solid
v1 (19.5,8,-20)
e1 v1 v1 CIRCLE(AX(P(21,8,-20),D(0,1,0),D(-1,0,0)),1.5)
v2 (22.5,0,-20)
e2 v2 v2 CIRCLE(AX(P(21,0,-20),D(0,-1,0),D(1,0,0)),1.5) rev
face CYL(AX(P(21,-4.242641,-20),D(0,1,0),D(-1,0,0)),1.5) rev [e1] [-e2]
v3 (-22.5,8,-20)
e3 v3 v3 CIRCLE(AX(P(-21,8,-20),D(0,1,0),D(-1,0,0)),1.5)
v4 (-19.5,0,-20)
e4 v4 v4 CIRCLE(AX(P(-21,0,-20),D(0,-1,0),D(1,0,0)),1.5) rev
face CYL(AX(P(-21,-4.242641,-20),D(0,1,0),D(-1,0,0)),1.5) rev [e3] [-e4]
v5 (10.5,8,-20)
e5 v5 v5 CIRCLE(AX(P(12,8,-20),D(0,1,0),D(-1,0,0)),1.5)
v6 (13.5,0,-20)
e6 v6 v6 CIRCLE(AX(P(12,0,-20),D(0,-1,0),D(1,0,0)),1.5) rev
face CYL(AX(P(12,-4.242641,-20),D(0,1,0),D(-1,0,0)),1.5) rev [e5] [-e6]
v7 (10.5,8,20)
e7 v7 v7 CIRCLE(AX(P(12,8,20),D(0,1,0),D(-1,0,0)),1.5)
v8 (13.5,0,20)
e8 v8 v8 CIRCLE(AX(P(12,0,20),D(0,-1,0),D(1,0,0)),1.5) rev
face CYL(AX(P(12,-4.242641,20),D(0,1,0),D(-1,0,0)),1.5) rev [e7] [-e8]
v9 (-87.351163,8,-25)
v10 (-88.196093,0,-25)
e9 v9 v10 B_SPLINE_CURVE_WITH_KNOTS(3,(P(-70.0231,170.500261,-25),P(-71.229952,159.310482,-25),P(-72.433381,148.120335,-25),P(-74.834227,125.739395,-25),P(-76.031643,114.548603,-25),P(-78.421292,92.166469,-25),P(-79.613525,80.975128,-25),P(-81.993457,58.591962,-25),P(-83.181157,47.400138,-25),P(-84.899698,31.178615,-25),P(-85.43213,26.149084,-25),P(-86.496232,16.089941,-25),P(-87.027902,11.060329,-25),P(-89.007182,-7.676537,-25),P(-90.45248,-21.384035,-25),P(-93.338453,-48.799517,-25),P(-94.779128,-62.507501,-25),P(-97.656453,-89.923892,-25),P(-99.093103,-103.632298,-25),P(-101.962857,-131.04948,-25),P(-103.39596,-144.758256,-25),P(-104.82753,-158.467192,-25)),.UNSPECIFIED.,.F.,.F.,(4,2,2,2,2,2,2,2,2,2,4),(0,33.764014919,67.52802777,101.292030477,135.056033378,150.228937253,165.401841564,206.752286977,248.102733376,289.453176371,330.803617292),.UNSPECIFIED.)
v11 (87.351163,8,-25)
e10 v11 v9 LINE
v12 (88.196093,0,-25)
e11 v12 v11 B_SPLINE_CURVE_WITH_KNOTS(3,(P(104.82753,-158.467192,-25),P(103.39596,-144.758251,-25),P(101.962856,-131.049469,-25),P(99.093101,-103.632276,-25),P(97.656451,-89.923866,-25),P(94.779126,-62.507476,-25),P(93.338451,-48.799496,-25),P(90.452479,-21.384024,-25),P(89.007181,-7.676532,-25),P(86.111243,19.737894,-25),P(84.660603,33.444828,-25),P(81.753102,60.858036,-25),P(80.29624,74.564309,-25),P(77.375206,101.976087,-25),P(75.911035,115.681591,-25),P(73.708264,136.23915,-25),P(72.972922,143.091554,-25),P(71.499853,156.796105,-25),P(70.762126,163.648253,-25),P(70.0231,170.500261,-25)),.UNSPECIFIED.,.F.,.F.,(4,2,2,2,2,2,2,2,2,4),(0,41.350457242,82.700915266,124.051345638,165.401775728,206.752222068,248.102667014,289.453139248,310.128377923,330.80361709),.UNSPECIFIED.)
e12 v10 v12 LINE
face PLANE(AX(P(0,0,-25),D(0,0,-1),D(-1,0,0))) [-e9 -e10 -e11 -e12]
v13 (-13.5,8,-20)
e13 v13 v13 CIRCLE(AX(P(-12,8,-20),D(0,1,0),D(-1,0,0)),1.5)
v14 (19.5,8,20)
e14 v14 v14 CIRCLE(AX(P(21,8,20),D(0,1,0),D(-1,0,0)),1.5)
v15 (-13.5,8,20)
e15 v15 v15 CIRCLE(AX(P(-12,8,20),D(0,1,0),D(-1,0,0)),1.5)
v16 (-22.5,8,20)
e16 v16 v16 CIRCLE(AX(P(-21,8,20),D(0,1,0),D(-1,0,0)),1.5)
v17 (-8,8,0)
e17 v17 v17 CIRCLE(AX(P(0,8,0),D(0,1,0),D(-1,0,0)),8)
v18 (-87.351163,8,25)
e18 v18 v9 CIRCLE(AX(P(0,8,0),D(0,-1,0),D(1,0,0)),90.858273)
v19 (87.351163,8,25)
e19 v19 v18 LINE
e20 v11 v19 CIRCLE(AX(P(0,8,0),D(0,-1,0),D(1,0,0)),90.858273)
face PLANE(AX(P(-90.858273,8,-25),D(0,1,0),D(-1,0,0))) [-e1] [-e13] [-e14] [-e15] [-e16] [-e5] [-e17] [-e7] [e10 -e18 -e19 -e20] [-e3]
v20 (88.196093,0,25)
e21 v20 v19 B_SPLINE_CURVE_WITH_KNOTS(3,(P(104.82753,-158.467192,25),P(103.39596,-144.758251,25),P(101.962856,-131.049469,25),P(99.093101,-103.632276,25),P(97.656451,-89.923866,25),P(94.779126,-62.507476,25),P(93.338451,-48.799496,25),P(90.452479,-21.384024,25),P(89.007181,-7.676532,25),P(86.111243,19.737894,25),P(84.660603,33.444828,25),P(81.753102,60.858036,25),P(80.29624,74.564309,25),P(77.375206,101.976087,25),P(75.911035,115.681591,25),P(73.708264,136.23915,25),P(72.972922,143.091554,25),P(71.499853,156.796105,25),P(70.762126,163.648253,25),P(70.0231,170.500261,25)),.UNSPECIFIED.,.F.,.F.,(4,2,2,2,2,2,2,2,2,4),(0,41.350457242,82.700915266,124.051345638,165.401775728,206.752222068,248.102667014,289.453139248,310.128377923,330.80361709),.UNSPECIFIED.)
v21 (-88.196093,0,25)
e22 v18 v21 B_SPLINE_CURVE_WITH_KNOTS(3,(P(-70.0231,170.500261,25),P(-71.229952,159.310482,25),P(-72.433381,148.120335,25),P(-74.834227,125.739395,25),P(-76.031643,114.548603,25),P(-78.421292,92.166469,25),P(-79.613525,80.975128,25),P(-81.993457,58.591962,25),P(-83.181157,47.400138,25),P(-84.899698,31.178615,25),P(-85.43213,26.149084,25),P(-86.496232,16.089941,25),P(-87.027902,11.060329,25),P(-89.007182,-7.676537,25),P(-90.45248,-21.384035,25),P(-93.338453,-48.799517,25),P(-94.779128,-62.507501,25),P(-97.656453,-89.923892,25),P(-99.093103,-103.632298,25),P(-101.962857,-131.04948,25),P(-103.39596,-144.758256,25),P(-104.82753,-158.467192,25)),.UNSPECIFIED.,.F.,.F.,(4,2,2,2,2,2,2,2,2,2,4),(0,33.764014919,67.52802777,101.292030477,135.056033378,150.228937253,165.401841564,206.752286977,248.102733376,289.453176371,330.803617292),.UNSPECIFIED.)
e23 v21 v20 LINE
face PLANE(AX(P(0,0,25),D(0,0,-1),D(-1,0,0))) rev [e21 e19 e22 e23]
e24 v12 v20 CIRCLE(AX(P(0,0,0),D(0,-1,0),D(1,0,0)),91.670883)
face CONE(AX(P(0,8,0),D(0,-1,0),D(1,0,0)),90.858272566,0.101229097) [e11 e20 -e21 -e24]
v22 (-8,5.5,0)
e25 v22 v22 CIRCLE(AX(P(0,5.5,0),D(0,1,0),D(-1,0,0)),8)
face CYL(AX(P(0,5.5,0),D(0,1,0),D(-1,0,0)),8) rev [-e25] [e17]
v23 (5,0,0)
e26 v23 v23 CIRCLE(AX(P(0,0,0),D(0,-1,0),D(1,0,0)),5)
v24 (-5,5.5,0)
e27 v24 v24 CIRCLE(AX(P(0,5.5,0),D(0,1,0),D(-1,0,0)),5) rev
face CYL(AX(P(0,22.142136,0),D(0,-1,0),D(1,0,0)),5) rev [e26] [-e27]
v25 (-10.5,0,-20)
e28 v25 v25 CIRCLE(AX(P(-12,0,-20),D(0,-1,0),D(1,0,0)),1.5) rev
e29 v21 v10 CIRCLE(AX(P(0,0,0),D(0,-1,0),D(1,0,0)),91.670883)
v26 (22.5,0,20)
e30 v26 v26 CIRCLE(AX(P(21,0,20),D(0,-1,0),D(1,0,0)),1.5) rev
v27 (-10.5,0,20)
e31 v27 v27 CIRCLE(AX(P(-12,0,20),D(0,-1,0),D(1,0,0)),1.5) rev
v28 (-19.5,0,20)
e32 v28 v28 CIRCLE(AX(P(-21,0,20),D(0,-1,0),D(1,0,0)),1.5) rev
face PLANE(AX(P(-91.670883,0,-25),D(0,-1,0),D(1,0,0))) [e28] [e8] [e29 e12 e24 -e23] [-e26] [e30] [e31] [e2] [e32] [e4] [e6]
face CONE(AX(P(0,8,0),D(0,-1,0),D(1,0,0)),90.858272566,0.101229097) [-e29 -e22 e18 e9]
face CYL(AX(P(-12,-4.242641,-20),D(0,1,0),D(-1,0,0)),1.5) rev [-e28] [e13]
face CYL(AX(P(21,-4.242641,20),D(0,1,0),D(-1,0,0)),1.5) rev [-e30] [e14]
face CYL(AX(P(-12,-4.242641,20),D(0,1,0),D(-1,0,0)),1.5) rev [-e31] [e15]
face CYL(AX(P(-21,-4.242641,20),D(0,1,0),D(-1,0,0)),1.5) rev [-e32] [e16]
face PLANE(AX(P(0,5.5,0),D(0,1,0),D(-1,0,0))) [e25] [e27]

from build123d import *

# Parameters (mm, degrees)
BASE_PLATE_BOSS_EXTRUDE1_DEPTH                 = 25
BASE_PLATE_BOSS_EXTRUDE1_DEPTH_BACK            = 25
SKETCH5_R                                      = 5
SHAFT_CUT_EXTRUDE1_DEPTH                       = 8
SKETCH6_R                                      = 8
SHAFT_BEARING_CUT_EXTRUDE2_DEPTH               = 2.5
SKETCH7_R                                      = 1.5
BEARING_PLATE_MOUNTING_HOLES_CUT_EXTRUDE_DEPTH = 8
SKETCH8_R                                      = 1.5
BASE_SIDE_MOUNTING_HOLES_CUT_EXTRUDE4_DEPTH    = 8


with BuildPart() as part:
    # Sketch3 → Base Plate Boss-Extrude1 (new, two sides: drawn at the far end of the back side and taken through both)
    with BuildSketch(Plane.XY.offset(-BASE_PLATE_BOSS_EXTRUDE1_DEPTH_BACK)):
        Polygon((90.858272566, 8), (91.670882932, 0), (-91.670882932, 0), (-90.858272566, 8), align=None)
    extrude(amount=BASE_PLATE_BOSS_EXTRUDE1_DEPTH + BASE_PLATE_BOSS_EXTRUDE1_DEPTH_BACK)

    # Sketch4 → Base Plate Chassi Rounding Cut-Revolve1 (revolve, cut)
    with BuildSketch(Plane.XY):
        Polygon((90.858272566, 8), (91.670882932, 0), (97.920865853, 0), (97.920865853, 8), (91.670882932, 8), align=None)
    revolve(axis=Axis((0, 0, 0), (0, 1, 0)), mode=Mode.SUBTRACT)

    # Sketch5 → Shaft Cut-Extrude1 (cut)
    with BuildSketch(Plane.XZ):
        Circle(SKETCH5_R)
    extrude(amount=-SHAFT_CUT_EXTRUDE1_DEPTH, mode=Mode.SUBTRACT)

    # Sketch6 → Shaft Bearing Cut-Extrude2 (cut)
    with BuildSketch(Plane(origin=(0, 8, 0), x_dir=(1, 0, 0), z_dir=(0, 1, 0))):
        with Locations(Location((0, 0, 0), (0, 0, 180))):
            Circle(SKETCH6_R)
    extrude(amount=-SHAFT_BEARING_CUT_EXTRUDE2_DEPTH, mode=Mode.SUBTRACT)

    # Sketch7 → Bearing Plate Mounting Holes Cut-Extrude3 (cut)
    with BuildSketch(Plane(origin=(0, 8, 0), x_dir=(1, 0, 0), z_dir=(0, 1, 0))):
        with Locations(Location((12, 20, 0), (0, 0, 180))):
            Circle(SKETCH7_R)
        with Locations(Location((-12, 20, 0), (0, 0, 180))):
            Circle(SKETCH7_R)
        with Locations(Location((-12, -20, 0), (0, 0, 180))):
            Circle(SKETCH7_R)
        with Locations(Location((12, -20, 0), (0, 0, 180))):
            Circle(SKETCH7_R)
    extrude(amount=-BEARING_PLATE_MOUNTING_HOLES_CUT_EXTRUDE_DEPTH, mode=Mode.SUBTRACT)

    # Sketch8 → Base Side Mounting Holes Cut-Extrude4 (cut)
    with BuildSketch(Plane(origin=(0, 8, 0), x_dir=(1, 0, 0), z_dir=(0, 1, 0))):
        with Locations(Location((21, 20, 0), (0, 0, 180))):
            Circle(SKETCH8_R)
        with Locations(Location((-21, 20, 0), (0, 0, 180))):
            Circle(SKETCH8_R)
        with Locations(Location((-21, -20, 0), (0, 0, 180))):
            Circle(SKETCH8_R)
        with Locations(Location((21, -20, 0), (0, 0, 180))):
            Circle(SKETCH8_R)
    extrude(amount=-BASE_SIDE_MOUNTING_HOLES_CUT_EXTRUDE4_DEPTH, mode=Mode.SUBTRACT)


solid = part.part
